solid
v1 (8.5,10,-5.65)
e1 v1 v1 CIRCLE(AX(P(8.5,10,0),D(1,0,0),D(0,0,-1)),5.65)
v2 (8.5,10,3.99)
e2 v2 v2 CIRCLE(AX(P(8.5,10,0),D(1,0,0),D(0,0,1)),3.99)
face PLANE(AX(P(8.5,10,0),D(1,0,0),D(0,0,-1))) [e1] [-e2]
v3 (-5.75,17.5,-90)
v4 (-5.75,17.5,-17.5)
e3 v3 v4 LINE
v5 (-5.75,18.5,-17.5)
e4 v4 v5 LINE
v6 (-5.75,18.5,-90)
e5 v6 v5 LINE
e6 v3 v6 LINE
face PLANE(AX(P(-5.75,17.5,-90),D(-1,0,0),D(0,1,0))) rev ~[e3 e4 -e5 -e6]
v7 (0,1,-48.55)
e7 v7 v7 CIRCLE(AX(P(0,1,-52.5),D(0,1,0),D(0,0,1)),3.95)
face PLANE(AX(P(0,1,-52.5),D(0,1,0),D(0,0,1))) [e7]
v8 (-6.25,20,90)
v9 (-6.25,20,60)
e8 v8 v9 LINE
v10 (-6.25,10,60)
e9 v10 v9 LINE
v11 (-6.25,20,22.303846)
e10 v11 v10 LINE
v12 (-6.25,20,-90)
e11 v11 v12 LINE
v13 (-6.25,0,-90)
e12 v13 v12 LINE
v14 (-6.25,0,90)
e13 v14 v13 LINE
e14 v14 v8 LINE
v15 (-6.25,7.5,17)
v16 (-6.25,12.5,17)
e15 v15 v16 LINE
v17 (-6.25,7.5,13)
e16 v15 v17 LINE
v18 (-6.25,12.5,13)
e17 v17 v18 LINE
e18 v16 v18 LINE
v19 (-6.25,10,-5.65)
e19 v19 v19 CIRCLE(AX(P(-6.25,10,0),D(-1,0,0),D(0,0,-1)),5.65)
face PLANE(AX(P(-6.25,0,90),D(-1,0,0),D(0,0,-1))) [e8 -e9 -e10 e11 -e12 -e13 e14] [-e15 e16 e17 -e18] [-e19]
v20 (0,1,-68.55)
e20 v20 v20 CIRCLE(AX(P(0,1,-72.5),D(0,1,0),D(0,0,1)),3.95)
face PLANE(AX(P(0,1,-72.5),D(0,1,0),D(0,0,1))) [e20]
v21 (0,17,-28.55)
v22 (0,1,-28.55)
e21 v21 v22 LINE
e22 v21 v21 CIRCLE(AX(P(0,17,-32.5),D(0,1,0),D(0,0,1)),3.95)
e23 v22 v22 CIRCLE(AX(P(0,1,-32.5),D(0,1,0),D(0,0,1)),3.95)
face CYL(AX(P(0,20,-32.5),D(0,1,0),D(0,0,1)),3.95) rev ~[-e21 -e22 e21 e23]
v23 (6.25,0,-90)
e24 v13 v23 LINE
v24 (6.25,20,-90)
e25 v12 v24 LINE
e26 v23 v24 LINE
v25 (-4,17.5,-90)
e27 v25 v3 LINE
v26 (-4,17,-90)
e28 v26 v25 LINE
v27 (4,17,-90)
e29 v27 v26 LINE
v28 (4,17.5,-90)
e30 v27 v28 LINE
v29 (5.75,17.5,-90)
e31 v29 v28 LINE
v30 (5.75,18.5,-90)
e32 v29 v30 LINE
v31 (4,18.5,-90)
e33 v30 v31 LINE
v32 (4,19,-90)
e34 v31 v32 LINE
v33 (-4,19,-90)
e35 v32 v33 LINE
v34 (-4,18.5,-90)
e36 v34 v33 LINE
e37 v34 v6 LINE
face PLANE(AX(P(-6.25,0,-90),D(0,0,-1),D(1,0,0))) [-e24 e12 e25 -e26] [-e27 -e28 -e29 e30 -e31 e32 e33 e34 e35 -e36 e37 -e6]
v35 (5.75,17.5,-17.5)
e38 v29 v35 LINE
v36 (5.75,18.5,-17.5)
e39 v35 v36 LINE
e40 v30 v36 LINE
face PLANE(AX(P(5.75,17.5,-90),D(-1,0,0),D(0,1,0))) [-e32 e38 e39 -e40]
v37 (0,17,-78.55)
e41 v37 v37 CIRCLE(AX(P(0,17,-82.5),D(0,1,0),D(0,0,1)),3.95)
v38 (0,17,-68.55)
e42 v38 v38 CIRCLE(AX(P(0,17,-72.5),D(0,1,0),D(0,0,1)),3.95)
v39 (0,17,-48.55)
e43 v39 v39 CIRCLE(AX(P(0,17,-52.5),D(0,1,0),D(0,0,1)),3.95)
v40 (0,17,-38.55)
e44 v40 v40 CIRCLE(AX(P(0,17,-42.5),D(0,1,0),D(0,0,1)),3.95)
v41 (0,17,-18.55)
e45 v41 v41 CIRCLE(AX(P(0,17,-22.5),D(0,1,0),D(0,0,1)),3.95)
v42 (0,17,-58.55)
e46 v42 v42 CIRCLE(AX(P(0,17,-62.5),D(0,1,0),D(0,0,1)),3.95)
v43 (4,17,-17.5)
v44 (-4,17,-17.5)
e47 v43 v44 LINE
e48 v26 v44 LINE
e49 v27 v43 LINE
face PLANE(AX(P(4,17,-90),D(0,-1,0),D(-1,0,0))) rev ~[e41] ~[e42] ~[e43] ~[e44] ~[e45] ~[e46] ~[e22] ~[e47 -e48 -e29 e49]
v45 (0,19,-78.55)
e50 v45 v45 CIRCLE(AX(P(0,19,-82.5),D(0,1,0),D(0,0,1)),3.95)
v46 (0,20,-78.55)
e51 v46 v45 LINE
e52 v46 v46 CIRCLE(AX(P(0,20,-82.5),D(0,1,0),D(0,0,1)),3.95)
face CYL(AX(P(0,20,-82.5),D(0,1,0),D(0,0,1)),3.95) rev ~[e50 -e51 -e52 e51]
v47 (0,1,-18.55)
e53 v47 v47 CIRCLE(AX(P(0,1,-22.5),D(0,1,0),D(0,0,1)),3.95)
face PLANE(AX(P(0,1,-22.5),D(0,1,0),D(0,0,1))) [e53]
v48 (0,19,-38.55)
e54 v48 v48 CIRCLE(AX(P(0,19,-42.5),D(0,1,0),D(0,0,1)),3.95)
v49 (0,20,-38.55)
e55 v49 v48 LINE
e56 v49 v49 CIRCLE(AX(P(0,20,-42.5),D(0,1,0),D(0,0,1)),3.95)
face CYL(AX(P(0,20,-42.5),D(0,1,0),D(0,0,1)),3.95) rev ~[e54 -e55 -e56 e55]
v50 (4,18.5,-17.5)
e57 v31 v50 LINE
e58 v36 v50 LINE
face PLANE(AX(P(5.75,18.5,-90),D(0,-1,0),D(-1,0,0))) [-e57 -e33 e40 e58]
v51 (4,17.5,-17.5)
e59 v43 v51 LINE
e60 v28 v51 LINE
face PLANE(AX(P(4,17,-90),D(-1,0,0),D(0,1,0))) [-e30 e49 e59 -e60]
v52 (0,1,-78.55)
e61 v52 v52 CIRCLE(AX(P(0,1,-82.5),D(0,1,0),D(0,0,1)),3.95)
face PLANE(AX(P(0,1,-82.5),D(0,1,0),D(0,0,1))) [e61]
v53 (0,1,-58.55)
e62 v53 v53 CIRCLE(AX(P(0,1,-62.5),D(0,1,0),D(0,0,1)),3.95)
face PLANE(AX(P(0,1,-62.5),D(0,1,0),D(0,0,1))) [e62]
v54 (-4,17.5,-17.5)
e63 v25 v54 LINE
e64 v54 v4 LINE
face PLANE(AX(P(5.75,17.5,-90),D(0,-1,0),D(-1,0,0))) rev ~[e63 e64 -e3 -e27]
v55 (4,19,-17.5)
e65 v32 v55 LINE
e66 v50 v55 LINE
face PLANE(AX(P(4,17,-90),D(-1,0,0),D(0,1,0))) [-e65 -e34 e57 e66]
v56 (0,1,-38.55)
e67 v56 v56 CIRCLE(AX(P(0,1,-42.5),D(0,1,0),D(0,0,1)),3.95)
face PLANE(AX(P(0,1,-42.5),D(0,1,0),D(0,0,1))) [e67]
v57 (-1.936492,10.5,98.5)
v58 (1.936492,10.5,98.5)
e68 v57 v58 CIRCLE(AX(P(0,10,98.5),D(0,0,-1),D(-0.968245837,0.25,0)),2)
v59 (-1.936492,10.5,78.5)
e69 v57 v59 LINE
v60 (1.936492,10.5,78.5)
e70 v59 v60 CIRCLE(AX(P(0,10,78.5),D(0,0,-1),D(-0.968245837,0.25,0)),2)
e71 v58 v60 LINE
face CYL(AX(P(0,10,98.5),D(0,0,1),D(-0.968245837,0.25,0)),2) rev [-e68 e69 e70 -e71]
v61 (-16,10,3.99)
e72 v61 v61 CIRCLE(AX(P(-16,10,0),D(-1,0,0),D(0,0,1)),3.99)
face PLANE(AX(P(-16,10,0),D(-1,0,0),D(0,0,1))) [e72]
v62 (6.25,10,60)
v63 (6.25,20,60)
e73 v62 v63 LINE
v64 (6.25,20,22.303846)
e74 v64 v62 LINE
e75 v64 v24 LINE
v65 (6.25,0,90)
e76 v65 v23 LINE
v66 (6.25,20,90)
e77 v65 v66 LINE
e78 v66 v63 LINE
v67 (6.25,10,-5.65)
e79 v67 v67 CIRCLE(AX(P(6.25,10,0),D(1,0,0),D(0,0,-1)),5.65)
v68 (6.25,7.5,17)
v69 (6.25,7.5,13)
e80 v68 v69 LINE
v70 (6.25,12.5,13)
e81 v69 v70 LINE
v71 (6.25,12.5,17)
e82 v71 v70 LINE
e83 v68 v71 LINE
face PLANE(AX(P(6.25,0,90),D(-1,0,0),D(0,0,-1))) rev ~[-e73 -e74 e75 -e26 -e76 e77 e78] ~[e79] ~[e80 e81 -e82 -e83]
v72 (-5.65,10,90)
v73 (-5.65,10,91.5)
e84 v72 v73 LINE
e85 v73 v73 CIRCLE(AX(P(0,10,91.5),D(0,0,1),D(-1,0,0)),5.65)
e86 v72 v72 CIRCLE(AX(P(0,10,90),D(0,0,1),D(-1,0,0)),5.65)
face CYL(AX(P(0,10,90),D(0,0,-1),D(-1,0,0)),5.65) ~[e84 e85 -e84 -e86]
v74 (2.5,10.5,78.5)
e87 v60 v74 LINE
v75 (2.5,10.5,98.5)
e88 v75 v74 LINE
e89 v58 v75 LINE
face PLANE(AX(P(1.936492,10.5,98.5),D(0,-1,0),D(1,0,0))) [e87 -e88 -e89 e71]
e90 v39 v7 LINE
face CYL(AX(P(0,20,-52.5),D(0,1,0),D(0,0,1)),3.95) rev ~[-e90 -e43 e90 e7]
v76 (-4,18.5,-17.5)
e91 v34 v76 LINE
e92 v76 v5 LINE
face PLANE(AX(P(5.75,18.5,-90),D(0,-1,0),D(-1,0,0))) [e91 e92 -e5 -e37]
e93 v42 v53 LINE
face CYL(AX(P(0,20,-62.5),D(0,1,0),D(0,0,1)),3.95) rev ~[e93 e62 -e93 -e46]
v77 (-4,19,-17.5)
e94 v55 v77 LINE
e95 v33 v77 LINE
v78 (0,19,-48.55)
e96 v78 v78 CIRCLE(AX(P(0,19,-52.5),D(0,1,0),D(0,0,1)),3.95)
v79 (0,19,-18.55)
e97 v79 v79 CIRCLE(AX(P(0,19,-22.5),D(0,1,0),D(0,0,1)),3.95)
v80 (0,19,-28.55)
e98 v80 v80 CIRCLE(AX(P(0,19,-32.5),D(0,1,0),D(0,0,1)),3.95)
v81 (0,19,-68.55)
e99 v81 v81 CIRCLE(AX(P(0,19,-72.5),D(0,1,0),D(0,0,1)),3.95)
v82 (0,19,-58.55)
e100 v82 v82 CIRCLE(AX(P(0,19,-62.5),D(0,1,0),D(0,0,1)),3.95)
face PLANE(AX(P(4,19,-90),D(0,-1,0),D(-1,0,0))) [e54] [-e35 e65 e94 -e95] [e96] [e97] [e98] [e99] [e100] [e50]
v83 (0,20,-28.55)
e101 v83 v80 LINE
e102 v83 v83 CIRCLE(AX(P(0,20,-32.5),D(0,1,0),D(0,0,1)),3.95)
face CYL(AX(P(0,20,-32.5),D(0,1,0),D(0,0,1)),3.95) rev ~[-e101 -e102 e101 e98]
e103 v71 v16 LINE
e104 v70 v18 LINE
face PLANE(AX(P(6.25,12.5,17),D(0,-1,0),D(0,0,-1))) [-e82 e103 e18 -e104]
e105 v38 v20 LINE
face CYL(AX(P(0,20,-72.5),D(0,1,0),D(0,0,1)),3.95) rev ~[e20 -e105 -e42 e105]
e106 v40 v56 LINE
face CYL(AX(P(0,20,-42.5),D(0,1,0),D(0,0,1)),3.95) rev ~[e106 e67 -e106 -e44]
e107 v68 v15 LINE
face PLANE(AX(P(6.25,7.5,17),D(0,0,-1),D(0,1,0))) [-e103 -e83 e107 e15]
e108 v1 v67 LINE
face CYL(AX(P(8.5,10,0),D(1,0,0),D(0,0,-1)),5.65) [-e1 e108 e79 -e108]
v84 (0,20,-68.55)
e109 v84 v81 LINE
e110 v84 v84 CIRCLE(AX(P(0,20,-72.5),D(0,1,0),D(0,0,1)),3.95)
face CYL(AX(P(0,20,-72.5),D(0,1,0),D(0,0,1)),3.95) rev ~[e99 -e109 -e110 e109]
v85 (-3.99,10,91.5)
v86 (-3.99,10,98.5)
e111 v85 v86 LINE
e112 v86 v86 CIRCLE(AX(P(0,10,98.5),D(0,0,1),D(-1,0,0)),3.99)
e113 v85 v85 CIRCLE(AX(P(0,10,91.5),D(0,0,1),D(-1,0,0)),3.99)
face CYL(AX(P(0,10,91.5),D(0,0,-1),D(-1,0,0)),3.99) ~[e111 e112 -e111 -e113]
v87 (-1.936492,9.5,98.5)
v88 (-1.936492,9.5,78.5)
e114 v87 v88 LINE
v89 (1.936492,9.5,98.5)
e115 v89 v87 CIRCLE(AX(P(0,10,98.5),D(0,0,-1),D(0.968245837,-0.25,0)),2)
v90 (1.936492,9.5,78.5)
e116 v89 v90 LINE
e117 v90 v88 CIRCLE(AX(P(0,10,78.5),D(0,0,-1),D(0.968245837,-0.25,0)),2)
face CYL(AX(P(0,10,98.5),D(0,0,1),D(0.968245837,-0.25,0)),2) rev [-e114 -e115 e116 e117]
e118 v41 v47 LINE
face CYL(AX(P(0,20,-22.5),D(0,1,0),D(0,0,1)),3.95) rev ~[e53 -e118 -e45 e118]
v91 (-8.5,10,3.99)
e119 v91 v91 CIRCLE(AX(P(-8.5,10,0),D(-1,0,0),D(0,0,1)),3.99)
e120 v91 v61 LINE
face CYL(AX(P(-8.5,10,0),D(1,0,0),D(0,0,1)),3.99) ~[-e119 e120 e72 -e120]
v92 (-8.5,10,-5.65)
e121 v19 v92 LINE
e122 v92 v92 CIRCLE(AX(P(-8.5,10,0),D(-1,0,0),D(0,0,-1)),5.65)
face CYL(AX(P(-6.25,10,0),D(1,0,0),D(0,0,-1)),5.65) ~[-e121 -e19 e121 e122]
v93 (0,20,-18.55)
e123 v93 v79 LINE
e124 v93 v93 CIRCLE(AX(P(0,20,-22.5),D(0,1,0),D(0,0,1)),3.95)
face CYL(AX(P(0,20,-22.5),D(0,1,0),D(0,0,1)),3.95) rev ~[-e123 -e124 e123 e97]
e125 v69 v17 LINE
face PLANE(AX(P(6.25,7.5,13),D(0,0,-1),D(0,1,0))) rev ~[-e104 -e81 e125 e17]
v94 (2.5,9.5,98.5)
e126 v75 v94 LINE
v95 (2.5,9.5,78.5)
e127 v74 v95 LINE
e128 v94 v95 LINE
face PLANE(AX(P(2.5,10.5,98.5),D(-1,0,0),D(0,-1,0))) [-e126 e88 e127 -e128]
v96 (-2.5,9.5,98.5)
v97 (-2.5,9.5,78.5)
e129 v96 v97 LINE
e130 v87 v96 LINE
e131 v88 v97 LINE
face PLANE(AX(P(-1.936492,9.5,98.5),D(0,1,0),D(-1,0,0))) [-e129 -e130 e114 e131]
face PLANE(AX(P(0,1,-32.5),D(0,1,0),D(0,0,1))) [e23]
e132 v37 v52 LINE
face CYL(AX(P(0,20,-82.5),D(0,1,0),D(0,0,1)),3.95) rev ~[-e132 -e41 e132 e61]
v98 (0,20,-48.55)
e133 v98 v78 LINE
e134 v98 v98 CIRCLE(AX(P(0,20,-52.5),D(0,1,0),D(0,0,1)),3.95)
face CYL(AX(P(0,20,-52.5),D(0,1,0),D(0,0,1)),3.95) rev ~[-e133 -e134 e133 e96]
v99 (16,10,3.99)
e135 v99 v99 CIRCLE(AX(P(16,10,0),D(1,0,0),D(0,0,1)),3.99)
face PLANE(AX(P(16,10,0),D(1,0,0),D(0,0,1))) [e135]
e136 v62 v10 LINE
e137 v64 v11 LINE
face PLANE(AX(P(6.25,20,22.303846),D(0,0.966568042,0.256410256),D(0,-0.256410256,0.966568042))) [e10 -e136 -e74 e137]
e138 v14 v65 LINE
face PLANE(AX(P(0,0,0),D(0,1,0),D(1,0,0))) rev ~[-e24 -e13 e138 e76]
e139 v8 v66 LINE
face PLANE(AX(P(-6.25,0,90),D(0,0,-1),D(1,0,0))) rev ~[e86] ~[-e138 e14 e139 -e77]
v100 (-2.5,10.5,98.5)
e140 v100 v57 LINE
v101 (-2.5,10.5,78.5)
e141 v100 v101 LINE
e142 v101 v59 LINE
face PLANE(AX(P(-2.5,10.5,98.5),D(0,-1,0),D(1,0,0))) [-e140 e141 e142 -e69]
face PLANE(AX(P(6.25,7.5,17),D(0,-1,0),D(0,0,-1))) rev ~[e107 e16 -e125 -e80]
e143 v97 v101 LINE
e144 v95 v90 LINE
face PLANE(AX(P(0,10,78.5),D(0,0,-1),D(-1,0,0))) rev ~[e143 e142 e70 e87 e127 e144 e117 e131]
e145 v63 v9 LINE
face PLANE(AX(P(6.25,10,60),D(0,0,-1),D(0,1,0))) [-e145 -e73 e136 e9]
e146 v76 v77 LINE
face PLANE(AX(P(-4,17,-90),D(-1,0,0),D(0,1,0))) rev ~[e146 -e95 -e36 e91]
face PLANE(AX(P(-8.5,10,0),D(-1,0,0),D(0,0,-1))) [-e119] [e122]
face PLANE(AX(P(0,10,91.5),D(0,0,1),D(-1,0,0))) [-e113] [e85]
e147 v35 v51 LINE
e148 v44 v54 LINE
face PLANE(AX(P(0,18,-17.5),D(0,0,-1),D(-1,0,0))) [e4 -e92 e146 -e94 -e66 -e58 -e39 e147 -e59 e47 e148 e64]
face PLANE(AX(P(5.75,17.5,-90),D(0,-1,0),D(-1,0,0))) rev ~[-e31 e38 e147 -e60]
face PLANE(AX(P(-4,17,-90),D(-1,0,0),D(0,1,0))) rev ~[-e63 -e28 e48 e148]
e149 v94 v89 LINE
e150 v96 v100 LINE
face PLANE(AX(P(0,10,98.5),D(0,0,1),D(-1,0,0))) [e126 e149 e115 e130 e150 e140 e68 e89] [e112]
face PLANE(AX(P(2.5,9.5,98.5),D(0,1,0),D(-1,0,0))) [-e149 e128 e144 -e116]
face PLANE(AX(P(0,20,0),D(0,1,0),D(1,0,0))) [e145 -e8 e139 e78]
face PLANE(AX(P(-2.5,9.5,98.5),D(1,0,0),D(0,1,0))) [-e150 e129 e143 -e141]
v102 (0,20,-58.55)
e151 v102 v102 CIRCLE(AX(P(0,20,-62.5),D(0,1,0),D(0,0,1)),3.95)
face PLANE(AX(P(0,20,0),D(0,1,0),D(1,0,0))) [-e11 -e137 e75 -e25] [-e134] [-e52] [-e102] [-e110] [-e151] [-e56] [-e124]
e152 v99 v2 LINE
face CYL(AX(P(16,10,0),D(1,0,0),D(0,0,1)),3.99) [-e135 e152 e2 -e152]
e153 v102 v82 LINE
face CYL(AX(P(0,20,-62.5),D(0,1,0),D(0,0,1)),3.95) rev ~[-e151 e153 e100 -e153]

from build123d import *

# Parameters (mm, degrees)
SKETCH1_W           = 12.5
SKETCH1_H           = 180
BOSS_EXTRUDE1_DEPTH = 20
SKETCH2_R           = 5.65
BOSS_EXTRUDE2_DEPTH = 1.5
SKETCH3_R           = 3.99
BOSS_EXTRUDE3_DEPTH = 7
SKETCH4_R           = 5.65
BOSS_EXTRUDE4_DEPTH = 2.25
SKETCH5_R           = 3.99
BOSS_EXTRUDE5_DEPTH = 7.5
BOSS_EXTRUDE6_START = 2.25
SKETCH6_R           = 5.65
BOSS_EXTRUDE6_DEPTH = 2.25
BOSS_EXTRUDE7_START = 7.5
SKETCH7_R           = 3.99
BOSS_EXTRUDE7_DEPTH = 7.5
SKETCH8_R           = 3.95
CUT_EXTRUDE1_DEPTH  = 19
SKETCH9_W           = 8
SKETCH9_H           = 2
CUT_EXTRUDE2_DEPTH  = 72.5
SKETCH10_W          = 11.5
SKETCH10_H          = 1
CUT_EXTRUDE3_DEPTH  = 72.5
CUT_EXTRUDE5_DEPTH  = 20
SKETCH14_W          = 4
SKETCH14_H          = 5
CUT_EXTRUDE6_DEPTH  = 12.5
CUT_EXTRUDE7_REACH  = 104.943


with BuildPart() as part:
    # Sketch1 → Boss-Extrude1 (new body)
    with BuildSketch(Plane(origin=(0, 0, 0), x_dir=(1, 0, 0), z_dir=(0, 1, 0))):
        Rectangle(SKETCH1_W, SKETCH1_H)
    extrude(amount=BOSS_EXTRUDE1_DEPTH)

    # Sketch2 → Boss-Extrude2 (add)
    with BuildSketch(Plane.XY.offset(90)):
        with Locations(Location((0, 10, 0), (0, 0, 180))):
            Circle(SKETCH2_R)
    extrude(amount=BOSS_EXTRUDE2_DEPTH)

    # Sketch3 → Boss-Extrude3 (add)
    with BuildSketch(Plane.XY.offset(91.5)):
        with Locations(Location((0, 10, 0), (0, 0, 180))):
            Circle(SKETCH3_R)
    extrude(amount=BOSS_EXTRUDE3_DEPTH)

    # Sketch4 → Boss-Extrude4 (add)
    with BuildSketch(Plane.ZY.offset(6.25)):
        with Locations(Location((0, 10, 0), (0, 0, 180))):
            Circle(SKETCH4_R)
    extrude(amount=BOSS_EXTRUDE4_DEPTH)

    # Sketch5 → Boss-Extrude5 (add)
    with BuildSketch(Plane.ZY.offset(8.5)):
        with Locations((0, 10)):
            Circle(SKETCH5_R)
    extrude(amount=BOSS_EXTRUDE5_DEPTH)

    # Sketch6 → Boss-Extrude6 (add)
    with BuildSketch(Plane(origin=(6.25, 0, 0), x_dir=(0, 0, -1), z_dir=(1, 0, 0)).offset(BOSS_EXTRUDE6_START)):
        with Locations((0, 10)):
            Circle(SKETCH6_R)
    extrude(amount=-BOSS_EXTRUDE6_DEPTH)

    # Sketch7 → Boss-Extrude7 (add)
    with BuildSketch(Plane(origin=(8.5, 0, 0), x_dir=(0, 0, -1), z_dir=(1, 0, 0)).offset(BOSS_EXTRUDE7_START)):
        with Locations(Location((0, 10, 0), (0, 0, 180))):
            Circle(SKETCH7_R)
    extrude(amount=-BOSS_EXTRUDE7_DEPTH)

    # Sketch8 → Cut-Extrude1 (cut)
    with BuildSketch(Plane(origin=(0, 20, 0), x_dir=(1, 0, 0), z_dir=(0, 1, 0))):
        with Locations(Location((0, 82.5, 0), (0, 0, 270))):
            Circle(SKETCH8_R)
        with Locations(Location((0, 72.5, 0), (0, 0, 270))):
            Circle(SKETCH8_R)
        with Locations(Location((0, 62.5, 0), (0, 0, 270))):
            Circle(SKETCH8_R)
        with Locations(Location((0, 52.5, 0), (0, 0, 270))):
            Circle(SKETCH8_R)
        with Locations(Location((0, 42.5, 0), (0, 0, 270))):
            Circle(SKETCH8_R)
        with Locations(Location((0, 32.5, 0), (0, 0, 270))):
            Circle(SKETCH8_R)
        with Locations(Location((0, 22.5, 0), (0, 0, 270))):
            Circle(SKETCH8_R)
    extrude(amount=-CUT_EXTRUDE1_DEPTH, mode=Mode.SUBTRACT)

    # Sketch9 → Cut-Extrude2 (cut)
    with BuildSketch(Plane(origin=(0, 0, -90), x_dir=(-1, 0, 0), z_dir=(0, 0, -1))):
        with Locations((0, 18)):
            Rectangle(SKETCH9_W, SKETCH9_H)
    extrude(amount=-CUT_EXTRUDE2_DEPTH, mode=Mode.SUBTRACT)

    # Sketch10 → Cut-Extrude3 (cut)
    with BuildSketch(Plane(origin=(0, 0, -90), x_dir=(-1, 0, 0), z_dir=(0, 0, -1))):
        with Locations((0, 18)):
            Rectangle(SKETCH10_W, SKETCH10_H)
    extrude(amount=-CUT_EXTRUDE3_DEPTH, mode=Mode.SUBTRACT)

    # Sketch12 → Cut-Extrude5 (cut)
    with BuildSketch(Plane.XY.offset(98.5)):
        with BuildLine():
            Line((1.936491673, 10.5), (2.5, 10.5))
            Line((2.5, 10.5), (2.5, 9.5))
            Line((2.5, 9.5), (1.936491673, 9.5))
            ThreePointArc((1.936491673, 9.5), (0, 8), (-1.936491673, 9.5))
            Line((-1.936491673, 9.5), (-2.5, 9.5))
            Line((-2.5, 9.5), (-2.5, 10.5))
            Line((-2.5, 10.5), (-1.936491673, 10.5))
            ThreePointArc((-1.936491673, 10.5), (0, 12), (1.936491673, 10.5))
        make_face()
    extrude(amount=-CUT_EXTRUDE5_DEPTH, mode=Mode.SUBTRACT)

    # Sketch14 → Cut-Extrude6 (cut)
    with BuildSketch(Plane(origin=(6.25, 0, 0), x_dir=(0, 0, -1), z_dir=(1, 0, 0))):
        with Locations((-15, 10)):
            Rectangle(SKETCH14_W, SKETCH14_H)
    extrude(amount=-CUT_EXTRUDE6_DEPTH, mode=Mode.SUBTRACT)

    # Sketch15 → Cut-Extrude7 (cut, up to next)
    with BuildSketch(Plane(origin=(6.25, 0, 0), x_dir=(0, 0, -1), z_dir=(1, 0, 0)), mode=Mode.PRIVATE) as cut_extrude7_sk1:
        Polygon((-60, 10), (-60, 20), (-22.30384635, 20), align=None)
    cut_extrude7_tool1 = extrude(cut_extrude7_sk1.sketch, amount=-CUT_EXTRUDE7_REACH, mode=Mode.PRIVATE) & part.part
    add(cut_extrude7_tool1.solids().sort_by_distance((6.25, 16.666667, 47.434615))[0], mode=Mode.SUBTRACT)


solid = part.part
